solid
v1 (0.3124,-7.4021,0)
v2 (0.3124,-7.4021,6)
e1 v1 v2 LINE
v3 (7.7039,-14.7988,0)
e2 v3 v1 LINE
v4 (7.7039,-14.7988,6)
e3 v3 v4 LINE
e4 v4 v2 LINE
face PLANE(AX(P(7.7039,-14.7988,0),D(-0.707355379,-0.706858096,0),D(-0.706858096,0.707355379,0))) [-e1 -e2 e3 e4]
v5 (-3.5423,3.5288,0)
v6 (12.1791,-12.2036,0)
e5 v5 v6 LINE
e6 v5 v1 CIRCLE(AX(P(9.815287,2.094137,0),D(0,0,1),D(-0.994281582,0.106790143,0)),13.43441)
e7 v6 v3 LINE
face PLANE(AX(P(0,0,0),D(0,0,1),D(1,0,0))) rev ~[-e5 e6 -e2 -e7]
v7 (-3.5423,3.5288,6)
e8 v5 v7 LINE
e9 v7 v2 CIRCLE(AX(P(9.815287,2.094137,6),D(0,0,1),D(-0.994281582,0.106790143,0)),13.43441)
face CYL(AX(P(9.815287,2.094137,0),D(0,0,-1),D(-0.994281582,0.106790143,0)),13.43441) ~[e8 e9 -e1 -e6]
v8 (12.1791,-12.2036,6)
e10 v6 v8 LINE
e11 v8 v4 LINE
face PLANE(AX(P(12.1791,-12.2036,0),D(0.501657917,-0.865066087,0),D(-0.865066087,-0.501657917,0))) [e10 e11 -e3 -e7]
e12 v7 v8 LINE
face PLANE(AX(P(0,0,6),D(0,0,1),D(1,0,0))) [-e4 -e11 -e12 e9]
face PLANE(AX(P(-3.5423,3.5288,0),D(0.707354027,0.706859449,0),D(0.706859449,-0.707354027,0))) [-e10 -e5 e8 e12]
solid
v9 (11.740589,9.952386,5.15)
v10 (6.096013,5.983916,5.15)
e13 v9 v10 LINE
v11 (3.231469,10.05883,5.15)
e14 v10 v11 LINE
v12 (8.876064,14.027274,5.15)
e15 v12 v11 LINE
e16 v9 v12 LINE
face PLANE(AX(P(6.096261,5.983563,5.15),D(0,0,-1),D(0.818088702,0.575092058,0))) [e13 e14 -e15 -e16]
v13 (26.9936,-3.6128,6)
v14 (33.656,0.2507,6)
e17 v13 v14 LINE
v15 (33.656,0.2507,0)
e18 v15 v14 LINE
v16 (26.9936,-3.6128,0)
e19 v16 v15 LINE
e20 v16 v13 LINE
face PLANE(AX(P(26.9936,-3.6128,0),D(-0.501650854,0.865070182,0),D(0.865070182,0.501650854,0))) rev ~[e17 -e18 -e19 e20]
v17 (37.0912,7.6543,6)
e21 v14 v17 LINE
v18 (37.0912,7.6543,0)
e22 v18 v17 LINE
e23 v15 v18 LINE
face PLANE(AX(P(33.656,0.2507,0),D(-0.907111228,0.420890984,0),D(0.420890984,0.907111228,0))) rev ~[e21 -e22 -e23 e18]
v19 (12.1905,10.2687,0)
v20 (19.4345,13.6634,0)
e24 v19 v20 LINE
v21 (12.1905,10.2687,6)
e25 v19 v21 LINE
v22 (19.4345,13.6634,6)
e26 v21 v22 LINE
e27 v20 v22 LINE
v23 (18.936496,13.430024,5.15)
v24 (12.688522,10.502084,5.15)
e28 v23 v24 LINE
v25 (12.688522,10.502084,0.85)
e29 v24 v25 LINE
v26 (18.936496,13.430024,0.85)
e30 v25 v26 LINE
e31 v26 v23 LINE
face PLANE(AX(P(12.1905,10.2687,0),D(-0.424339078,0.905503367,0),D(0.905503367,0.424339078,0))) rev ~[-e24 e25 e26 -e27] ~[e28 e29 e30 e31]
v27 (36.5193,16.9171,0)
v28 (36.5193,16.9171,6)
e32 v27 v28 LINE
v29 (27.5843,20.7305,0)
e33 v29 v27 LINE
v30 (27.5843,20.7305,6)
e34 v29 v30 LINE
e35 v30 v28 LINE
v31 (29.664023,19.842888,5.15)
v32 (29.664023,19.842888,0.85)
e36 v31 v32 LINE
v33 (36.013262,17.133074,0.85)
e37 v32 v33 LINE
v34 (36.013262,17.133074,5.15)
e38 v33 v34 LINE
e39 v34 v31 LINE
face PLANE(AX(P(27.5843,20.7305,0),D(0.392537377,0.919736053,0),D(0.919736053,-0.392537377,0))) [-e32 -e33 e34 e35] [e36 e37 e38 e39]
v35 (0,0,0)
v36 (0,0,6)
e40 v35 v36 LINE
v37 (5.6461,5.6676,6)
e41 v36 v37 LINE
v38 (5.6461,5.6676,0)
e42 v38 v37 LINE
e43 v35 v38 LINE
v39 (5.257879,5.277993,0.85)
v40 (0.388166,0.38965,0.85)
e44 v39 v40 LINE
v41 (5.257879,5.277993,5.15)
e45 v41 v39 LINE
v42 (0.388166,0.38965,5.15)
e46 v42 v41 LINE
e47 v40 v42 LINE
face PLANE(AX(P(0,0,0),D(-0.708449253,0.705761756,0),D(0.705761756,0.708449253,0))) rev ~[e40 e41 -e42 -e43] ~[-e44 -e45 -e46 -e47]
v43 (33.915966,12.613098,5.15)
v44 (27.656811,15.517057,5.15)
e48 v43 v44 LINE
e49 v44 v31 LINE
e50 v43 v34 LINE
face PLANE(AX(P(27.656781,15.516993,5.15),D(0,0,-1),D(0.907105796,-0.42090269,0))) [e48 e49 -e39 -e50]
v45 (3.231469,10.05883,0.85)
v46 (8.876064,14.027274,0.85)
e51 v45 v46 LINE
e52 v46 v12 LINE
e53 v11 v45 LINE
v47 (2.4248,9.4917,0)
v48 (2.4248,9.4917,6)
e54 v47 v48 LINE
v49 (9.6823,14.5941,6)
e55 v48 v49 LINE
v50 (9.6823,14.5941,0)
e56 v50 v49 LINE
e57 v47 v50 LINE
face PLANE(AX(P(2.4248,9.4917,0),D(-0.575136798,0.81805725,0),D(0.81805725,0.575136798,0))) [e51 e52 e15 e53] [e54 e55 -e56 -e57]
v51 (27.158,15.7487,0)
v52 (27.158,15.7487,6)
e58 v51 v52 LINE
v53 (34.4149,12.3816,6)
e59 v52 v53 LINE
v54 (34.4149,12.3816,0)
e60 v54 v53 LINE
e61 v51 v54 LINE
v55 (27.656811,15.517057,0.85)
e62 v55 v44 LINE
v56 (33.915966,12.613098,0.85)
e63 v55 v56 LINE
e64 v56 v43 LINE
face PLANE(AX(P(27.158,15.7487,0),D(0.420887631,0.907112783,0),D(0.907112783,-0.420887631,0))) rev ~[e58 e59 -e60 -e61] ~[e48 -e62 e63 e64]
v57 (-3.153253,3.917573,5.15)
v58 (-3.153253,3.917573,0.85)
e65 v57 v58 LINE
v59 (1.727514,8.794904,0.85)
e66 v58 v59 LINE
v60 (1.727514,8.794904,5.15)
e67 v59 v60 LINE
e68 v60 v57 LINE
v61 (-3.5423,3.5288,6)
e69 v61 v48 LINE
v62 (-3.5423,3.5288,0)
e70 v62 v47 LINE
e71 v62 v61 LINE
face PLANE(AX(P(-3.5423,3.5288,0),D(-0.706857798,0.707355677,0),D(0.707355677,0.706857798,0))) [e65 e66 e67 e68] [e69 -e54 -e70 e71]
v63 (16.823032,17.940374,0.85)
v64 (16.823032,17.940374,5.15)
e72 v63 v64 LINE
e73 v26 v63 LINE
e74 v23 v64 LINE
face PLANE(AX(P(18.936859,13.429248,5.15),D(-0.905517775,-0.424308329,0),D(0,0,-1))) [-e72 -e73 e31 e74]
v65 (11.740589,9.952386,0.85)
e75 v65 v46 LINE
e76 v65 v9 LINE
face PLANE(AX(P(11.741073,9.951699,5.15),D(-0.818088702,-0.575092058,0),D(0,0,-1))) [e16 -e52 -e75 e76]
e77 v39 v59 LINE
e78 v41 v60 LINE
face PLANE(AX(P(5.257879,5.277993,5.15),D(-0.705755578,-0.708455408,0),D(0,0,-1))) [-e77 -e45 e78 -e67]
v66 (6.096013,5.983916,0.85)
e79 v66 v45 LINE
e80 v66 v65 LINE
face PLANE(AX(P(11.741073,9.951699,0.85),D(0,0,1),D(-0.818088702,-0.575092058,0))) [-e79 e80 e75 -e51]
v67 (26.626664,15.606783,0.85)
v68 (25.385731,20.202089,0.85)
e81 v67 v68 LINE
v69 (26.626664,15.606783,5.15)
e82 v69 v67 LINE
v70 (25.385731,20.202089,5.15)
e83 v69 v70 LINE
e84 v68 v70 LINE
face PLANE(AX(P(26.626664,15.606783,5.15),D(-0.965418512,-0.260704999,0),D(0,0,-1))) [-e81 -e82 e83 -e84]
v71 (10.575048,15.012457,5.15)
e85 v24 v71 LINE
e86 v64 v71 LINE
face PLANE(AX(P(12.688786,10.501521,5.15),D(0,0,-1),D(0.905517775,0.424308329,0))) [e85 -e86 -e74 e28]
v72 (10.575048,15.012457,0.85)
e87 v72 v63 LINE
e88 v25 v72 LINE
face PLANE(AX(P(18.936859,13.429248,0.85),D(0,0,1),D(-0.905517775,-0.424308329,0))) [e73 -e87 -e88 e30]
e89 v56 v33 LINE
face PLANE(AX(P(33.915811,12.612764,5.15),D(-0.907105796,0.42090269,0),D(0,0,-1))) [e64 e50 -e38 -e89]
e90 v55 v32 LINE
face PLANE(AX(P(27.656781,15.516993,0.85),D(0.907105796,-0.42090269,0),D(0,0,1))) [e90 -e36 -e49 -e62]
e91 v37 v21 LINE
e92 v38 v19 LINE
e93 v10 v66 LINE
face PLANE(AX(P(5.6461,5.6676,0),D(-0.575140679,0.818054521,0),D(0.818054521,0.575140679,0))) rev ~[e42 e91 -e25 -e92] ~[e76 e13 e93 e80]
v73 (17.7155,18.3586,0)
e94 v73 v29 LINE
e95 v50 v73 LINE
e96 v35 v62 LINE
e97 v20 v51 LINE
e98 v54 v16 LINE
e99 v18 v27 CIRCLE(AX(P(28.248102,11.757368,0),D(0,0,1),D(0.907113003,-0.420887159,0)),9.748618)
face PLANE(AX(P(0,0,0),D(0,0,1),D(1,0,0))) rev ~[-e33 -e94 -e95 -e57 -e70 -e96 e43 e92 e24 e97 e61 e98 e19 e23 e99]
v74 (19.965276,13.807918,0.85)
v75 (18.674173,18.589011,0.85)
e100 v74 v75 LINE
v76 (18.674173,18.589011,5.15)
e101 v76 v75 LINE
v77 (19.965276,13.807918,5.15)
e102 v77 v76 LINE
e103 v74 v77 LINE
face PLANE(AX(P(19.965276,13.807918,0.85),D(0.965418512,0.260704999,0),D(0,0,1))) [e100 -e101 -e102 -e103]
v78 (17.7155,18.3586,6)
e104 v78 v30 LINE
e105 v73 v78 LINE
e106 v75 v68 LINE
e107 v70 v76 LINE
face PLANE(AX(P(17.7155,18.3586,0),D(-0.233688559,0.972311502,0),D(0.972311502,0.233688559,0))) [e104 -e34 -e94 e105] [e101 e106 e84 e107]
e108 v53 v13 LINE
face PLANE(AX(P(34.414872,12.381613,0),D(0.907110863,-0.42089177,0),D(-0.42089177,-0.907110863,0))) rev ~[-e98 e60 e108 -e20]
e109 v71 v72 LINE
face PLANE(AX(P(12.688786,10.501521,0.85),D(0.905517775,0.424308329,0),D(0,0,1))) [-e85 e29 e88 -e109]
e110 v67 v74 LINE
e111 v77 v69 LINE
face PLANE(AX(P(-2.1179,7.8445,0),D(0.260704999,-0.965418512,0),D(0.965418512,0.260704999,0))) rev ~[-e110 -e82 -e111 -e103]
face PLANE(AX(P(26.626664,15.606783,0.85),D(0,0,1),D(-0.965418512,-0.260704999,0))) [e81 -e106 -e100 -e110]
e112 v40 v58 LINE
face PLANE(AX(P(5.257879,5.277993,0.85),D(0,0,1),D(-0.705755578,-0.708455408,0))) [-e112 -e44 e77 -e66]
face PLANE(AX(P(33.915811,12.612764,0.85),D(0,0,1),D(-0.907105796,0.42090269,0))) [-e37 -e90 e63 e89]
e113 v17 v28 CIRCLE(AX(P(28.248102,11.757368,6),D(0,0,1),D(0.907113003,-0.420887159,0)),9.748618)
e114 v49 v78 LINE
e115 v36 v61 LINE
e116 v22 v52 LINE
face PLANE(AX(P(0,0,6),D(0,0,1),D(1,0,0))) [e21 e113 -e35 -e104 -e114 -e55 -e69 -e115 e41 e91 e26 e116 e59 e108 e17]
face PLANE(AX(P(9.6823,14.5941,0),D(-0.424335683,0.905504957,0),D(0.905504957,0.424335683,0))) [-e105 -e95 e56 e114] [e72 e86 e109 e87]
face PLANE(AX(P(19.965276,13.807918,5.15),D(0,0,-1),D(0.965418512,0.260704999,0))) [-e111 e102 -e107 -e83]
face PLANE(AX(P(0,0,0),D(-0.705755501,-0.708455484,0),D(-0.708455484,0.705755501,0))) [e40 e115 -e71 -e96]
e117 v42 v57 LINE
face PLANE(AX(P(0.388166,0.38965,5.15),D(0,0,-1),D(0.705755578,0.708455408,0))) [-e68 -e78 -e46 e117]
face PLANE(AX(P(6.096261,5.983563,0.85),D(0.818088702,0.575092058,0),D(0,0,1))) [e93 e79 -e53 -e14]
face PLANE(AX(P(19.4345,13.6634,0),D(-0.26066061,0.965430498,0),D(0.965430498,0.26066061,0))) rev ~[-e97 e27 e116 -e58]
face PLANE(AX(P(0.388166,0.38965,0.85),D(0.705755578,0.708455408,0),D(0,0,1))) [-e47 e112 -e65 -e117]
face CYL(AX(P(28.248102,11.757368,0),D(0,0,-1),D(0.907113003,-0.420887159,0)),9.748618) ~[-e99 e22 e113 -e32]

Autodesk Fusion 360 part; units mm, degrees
sketch "Sketch1" plane through (0, 0, 0) normal (0, 0, 1) x (1, 0, 0)
  line L0 (0, 0) -> (5.6461, 5.6676)
  line L1 (5.6461, 5.6676) -> (12.1905, 10.2687)
  line L2 (12.1905, 10.2687) -> (19.4345, 13.6634)
  line L3 (19.4345, 13.6634) -> (27.158, 15.7487)
  line L4 (27.158, 15.7487) -> (34.4149, 12.3816)
  line L5 (0, 0) -> (-3.5423, 3.5288)
  line L6 (5.6461, 5.6676) -> (2.4248, 9.4917)
  line L7 (12.1905, 10.2687) -> (9.6823, 14.5941)
  line L8 (19.4345, 13.6634) -> (17.7155, 18.3586)
  line L9 (27.158, 15.7487) -> (27.5843, 20.7305)
  line L10 (34.4149, 12.3816) -> (36.5193, 16.9171)
  line L11 (-3.5423, 3.5288) -> (2.4248, 9.4917)
  line L12 (2.4248, 9.4917) -> (9.6823, 14.5941)
  line L13 (9.6823, 14.5941) -> (17.7155, 18.3586)
  line L14 (17.7155, 18.3586) -> (27.5843, 20.7305)
  line L15 (27.5843, 20.7305) -> (36.5193, 16.9171)
  line L16 (26.9936, -3.6128) -> (33.656, 0.2507)
  line L17 (12.1791, -12.2036) -> (7.7039, -14.7988)
  line L18 (7.7039, -14.7988) -> (0.3124, -7.4021)
  line L19 (-3.5423, 3.5288) -> (12.1791, -12.2036)
  line L20 (36.5193, 16.9171) -> (26.9936, -3.6128)
  line L21 (33.656, 0.2507) -> (37.0912, 7.6543)
  arc A0 (-3.5423, 3.5288) -> (0.3124, -7.4021) centre (9.8153, 2.0941) ccw
  arc A1 (37.0912, 7.6543) -> (36.5193, 16.9171) centre (28.2481, 11.7574) ccw
  line L22 (7.7039, -14.7988) -> (12.1791, -12.2036)
  line L23 (26.9936, -3.6128) -> (33.656, 0.2507)
  dimension "d1" = 170
  dimension "d2" = 170
  dimension "d3" = 170
  dimension "d4" = 140
  dimension "d5" = 8
  dimension "d6" = 8
  dimension "d7" = 8
  dimension "d8" = 8
  dimension "d9" = 8
  dimension "d10" = 5
  dimension "d11" = 5
  dimension "d12" = 5
  dimension "d13" = 5
  dimension "d14" = 5
  dimension "d15" = 5
  dimension "d16" = 95
  dimension "d17" = 95
  dimension "d18" = 95
  dimension "d19" = 110
  dimension "d24" = 30
extrude "Extrude1" add sketch "Sketch1" along normal blind 6
sketch "Sketch3" plane through (0, 0, 0) normal (0.7085, -0.7058, 0) x (0.7058, 0.7085, 0)
  line L0 (0, 0) -> (8, 0)
  line L1 (8, 0) -> (8, 6)
  line L2 (8, 6) -> (0, 6)
  line L3 (0, 6) -> (0, 0)
  line L4 (0.55, 5.15) -> (7.45, 5.15)
  line L5 (7.45, 5.15) -> (7.45, 0.85)
  line L6 (7.45, 0.85) -> (0.55, 0.85)
  line L7 (0.55, 0.85) -> (0.55, 5.15)
  dimension "d27" = 6.9
  dimension "d28" = 4.3
  dimension "d29" = 0.85
  dimension "d30" = 0.55
extrude "Extrude2" cut sketch "Sketch3" against normal blind 9 contours L4 L5 L6 L7
sketch "Sketch4" plane through (-0.799, 1.1364, 0) normal (0.5751, -0.8181, 0) x (0.8181, 0.5751, 0)
  line L0 (7.8785, 0) -> (15.8785, 0)
  line L1 (15.8785, 0) -> (15.8785, 6)
  line L2 (15.8785, 6) -> (7.8785, 6)
  line L3 (7.8785, 6) -> (7.8785, 0)
  line L4 (8.4285, 5.15) -> (15.3285, 5.15)
  line L5 (15.3285, 5.15) -> (15.3285, 0.85)
  line L6 (15.3285, 0.85) -> (8.4285, 0.85)
  line L7 (8.4285, 0.85) -> (8.4285, 5.15)
  dimension "d33" = 4.3
  dimension "d34" = 6.9
  dimension "d35" = 0.55
  dimension "d36" = 0.85
extrude "Extrude3" cut sketch "Sketch4" against normal blind 12 contours L4 L5 L6 L7
sketch "Sketch5" plane through (-1.7506, 3.7355, 0) normal (0.4243, -0.9055, 0) x (0.9055, 0.4243, 0)
  line L0 (15.396, 0) -> (23.396, 0)
  line L1 (23.396, 0) -> (23.396, 6)
  line L2 (23.396, 6) -> (15.396, 6)
  line L3 (15.396, 6) -> (15.396, 0)
  line L4 (15.946, 5.15) -> (22.846, 5.15)
  line L5 (22.846, 5.15) -> (22.846, 0.85)
  line L6 (22.846, 0.85) -> (15.946, 0.85)
  line L7 (15.946, 0.85) -> (15.946, 5.15)
  dimension "d39" = 6.9
  dimension "d40" = 4.3
  dimension "d41" = 0.55
  dimension "d42" = 0.85
extrude "Extrude4" cut sketch "Sketch5" against normal blind 10 contours L4 L5 L6 L7
sketch "Sketch6" plane through (-2.1179, 7.8445, 0) normal (0.2607, -0.9654, 0) x (0.9654, 0.2607, 0)
  line L0 (22.3242, 0) -> (30.3242, 0)
  line L1 (30.3242, 0) -> (30.3242, 6)
  line L2 (30.3242, 6) -> (22.3242, 6)
  line L3 (22.3242, 6) -> (22.3242, 0)
  line L4 (22.8742, 5.15) -> (29.7742, 5.15)
  line L5 (29.7742, 5.15) -> (29.7742, 0.85)
  line L6 (29.7742, 0.85) -> (22.8742, 0.85)
  line L7 (22.8742, 0.85) -> (22.8742, 5.15)
  dimension "d45" = 4.3
  dimension "d46" = 0.85
  dimension "d47" = 6.9
  dimension "d48" = 0.55
extrude "Extrude5" cut sketch "Sketch6" against normal blind 12 contours L4 L5 L6 L7
sketch "Sketch7" plane through (10.8238, 23.3276, 0) normal (-0.4209, -0.9071, 0) x (0.9071, -0.4209, 0)
  line L0 (18.0068, 0) -> (26.0068, 0)
  line L1 (26.0068, 0) -> (26.0068, 6)
  line L2 (26.0068, 6) -> (18.0068, 6)
  line L3 (18.0068, 6) -> (18.0068, 0)
  line L4 (18.5568, 5.15) -> (25.4568, 5.15)
  line L5 (25.4568, 5.15) -> (25.4568, 0.85)
  line L6 (25.4568, 0.85) -> (18.5568, 0.85)
  line L7 (18.5568, 0.85) -> (18.5568, 5.15)
  dimension "d51" = 4.3
  dimension "d52" = 6.9
  dimension "d53" = 0.55
  dimension "d54" = 0.85
extrude "Extrude6" cut sketch "Sketch7" against normal blind 15 contours L4 L5 L6 L7
